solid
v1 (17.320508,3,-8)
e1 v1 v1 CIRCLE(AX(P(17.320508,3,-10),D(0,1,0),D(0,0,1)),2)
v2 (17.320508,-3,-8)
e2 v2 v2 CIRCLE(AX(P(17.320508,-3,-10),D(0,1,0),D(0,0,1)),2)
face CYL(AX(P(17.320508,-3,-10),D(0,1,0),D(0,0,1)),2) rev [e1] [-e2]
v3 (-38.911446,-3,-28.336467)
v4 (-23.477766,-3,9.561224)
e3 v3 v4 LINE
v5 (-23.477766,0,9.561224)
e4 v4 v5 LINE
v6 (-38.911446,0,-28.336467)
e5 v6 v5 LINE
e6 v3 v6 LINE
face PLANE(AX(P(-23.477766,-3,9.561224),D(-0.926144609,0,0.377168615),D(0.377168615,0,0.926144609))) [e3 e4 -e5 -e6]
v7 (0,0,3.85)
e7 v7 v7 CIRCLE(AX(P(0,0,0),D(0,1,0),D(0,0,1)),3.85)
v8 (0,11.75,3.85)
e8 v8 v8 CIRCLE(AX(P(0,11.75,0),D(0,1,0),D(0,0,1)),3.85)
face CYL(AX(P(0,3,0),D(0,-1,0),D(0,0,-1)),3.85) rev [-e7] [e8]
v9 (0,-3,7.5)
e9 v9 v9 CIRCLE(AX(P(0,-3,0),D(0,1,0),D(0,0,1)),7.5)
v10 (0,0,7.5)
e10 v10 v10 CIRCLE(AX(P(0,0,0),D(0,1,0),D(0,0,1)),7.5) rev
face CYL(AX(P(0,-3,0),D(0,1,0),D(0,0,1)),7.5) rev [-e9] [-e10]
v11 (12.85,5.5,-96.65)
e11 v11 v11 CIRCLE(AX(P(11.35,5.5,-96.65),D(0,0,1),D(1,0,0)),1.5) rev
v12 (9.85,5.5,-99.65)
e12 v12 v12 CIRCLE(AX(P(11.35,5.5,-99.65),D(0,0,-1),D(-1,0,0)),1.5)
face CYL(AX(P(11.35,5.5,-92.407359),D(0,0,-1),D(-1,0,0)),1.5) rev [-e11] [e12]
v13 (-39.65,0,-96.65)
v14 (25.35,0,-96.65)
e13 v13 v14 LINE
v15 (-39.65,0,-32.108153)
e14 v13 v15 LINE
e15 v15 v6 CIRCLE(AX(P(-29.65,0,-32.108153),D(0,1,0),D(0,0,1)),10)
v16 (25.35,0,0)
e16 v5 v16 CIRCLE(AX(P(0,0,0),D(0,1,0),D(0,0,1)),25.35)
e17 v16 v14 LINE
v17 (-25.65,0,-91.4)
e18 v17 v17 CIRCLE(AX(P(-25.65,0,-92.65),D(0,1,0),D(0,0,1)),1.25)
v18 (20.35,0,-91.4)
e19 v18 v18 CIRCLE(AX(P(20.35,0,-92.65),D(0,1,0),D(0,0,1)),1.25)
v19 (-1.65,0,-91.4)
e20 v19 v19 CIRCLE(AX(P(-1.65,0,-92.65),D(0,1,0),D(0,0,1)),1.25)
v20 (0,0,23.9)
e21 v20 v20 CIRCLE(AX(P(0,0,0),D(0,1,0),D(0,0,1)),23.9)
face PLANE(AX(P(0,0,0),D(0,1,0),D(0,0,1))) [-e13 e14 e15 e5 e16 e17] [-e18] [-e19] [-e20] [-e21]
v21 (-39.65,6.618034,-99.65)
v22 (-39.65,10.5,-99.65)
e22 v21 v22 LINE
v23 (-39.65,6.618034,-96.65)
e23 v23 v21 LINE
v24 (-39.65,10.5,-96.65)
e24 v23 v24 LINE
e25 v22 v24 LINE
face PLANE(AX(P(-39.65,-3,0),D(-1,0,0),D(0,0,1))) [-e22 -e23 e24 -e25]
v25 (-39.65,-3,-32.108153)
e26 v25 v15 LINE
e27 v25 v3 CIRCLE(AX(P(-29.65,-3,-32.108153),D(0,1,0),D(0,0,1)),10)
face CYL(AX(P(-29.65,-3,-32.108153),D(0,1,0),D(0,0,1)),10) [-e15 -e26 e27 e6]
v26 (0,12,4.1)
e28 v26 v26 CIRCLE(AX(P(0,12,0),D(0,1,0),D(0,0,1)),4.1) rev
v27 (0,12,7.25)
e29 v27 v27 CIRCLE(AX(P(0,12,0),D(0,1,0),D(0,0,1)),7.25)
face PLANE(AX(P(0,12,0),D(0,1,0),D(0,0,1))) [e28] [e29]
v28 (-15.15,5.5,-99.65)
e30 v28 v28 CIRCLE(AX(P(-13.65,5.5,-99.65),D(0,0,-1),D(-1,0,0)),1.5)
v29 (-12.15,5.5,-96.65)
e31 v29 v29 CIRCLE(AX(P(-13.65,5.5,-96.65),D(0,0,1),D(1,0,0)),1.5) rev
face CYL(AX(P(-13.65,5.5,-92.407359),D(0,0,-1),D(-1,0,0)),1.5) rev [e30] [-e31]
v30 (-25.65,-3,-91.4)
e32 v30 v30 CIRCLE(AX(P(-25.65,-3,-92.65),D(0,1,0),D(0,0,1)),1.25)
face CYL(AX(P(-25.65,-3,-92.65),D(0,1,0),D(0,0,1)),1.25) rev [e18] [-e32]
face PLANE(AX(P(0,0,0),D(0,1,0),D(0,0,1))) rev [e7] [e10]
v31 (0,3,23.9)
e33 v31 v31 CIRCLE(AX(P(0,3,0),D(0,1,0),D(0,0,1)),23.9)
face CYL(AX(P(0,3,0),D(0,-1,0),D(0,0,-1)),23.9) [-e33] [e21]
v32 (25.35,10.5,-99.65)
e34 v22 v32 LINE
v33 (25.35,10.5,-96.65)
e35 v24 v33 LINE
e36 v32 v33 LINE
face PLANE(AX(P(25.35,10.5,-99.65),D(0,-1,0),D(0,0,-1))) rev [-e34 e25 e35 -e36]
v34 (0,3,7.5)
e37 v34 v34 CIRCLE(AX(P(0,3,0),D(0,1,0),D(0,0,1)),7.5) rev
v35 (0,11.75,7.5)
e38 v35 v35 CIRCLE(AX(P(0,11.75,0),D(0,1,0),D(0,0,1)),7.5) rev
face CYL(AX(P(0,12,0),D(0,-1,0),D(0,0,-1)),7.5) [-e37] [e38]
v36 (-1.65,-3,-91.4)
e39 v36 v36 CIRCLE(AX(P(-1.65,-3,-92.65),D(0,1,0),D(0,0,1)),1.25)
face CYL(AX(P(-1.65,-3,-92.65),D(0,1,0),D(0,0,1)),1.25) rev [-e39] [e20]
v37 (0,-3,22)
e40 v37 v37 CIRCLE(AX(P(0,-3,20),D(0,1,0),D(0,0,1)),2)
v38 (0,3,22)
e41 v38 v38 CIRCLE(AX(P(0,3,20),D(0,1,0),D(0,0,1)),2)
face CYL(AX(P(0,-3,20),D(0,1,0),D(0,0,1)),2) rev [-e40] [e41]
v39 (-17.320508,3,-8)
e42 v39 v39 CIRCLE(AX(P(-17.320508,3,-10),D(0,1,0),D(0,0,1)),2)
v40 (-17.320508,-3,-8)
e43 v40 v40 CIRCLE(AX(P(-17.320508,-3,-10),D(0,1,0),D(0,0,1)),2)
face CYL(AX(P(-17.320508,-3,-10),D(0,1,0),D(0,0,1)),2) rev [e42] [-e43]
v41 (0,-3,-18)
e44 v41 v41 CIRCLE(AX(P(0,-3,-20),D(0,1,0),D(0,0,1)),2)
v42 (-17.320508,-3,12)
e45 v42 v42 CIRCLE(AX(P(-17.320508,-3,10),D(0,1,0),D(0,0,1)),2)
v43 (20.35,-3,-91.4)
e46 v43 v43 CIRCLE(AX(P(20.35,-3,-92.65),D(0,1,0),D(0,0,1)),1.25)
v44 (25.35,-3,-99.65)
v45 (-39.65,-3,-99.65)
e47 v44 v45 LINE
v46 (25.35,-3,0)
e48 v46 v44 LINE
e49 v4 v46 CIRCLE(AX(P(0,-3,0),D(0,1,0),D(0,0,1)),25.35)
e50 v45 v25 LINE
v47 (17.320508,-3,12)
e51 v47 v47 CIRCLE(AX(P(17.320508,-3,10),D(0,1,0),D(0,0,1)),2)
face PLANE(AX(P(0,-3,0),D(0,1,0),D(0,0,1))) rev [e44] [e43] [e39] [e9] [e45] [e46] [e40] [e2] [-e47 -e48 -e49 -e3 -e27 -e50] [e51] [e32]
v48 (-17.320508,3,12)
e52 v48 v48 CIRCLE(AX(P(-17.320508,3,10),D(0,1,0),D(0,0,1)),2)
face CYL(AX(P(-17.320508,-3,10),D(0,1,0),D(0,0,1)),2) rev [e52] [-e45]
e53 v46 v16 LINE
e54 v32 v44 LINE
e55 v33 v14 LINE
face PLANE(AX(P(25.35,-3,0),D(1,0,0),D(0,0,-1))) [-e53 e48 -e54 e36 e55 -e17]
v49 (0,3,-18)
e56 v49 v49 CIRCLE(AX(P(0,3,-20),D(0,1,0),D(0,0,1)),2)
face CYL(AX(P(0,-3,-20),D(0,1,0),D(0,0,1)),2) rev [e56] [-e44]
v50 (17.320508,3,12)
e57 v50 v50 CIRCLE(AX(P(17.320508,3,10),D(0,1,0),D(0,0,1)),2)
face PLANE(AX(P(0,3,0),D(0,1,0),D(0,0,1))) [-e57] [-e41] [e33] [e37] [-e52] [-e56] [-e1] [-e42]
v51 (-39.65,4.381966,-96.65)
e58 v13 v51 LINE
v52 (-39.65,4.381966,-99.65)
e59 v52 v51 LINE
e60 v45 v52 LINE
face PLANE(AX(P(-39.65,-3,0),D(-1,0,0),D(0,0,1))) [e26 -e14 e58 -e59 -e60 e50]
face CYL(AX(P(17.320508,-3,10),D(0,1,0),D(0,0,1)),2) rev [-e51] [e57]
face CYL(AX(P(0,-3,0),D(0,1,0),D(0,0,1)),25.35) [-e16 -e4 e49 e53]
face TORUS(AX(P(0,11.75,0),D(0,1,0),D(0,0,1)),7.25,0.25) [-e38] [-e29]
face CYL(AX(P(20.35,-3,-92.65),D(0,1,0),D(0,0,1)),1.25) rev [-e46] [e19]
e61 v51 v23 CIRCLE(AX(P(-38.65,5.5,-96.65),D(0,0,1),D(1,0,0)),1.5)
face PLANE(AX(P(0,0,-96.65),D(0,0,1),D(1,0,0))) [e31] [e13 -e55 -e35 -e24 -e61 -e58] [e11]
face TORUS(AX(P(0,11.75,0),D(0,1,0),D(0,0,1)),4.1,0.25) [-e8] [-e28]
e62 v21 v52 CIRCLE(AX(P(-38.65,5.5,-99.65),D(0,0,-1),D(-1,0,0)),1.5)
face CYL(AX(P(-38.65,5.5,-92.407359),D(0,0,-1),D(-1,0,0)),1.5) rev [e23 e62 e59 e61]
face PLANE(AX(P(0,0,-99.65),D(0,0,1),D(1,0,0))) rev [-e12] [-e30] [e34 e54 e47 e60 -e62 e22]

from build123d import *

# Parameters (mm, degrees)
ESBO_O1_R                = 7.5
ESBO_O1_R_2              = 2
ESBO_O1_R_3              = 1.25
RESSALTO_EXTRUS_O1_DEPTH = 3
RESSALTO_EXTRUS_O2_START = 3
ESBO_O1_3_R              = 23.9
ESBO_O1_3_R_2            = 2
ESBO_O1_3_R_3            = 3.85
RESSALTO_EXTRUS_O2_DEPTH = 3
RESSALTO_EXTRUS_O3_START = 12
ESBO_O1_4_R              = 7.5
ESBO_O1_4_R_2            = 3.85
RESSALTO_EXTRUS_O3_DEPTH = 12
FILETE1_R                = 0.25
ESBO_O2_W                = 65
ESBO_O2_H                = 13.5
RESSALTO_EXTRUS_O4_DEPTH = 3
ESBO_O4_R                = 1.5
CORTE_EXTRUS_O1_DEPTH    = 3


with BuildPart() as part:
    # Esboço1 → Ressalto-extrusão1 (new body)
    with BuildSketch(Plane(origin=(0, 0, 0), x_dir=(1, 0, 0), z_dir=(0, 1, 0))):
        with BuildLine():
            Line((-39.65, 96.65), (25.35, 96.65))
            Line((25.35, 96.65), (25.35, 0))
            ThreePointArc((25.35, 0), (4.871403095, -24.877538702), (-23.477765829, -9.561224382))
            Line((-23.477765829, -9.561224382), (-38.911446086, 28.336467011))
            ThreePointArc((-38.911446086, 28.336467011), (-39.463624735, 30.186495131), (-39.65, 32.108153157))
            Line((-39.65, 32.108153157), (-39.65, 96.65))
        make_face()
        with Locations(Location((0, 0, 0), (0, 0, 270))):
            Circle(ESBO_O1_R, mode=Mode.SUBTRACT)
        with Locations(Location((0, 20, 0), (0, 0, 270))):
            Circle(ESBO_O1_R_2, mode=Mode.SUBTRACT)
        with Locations(Location((17.320508076, 10, 0), (0, 0, 270))):
            Circle(ESBO_O1_R_2, mode=Mode.SUBTRACT)
        with Locations(Location((17.320508076, -10, 0), (0, 0, 270))):
            Circle(ESBO_O1_R_2, mode=Mode.SUBTRACT)
        with Locations(Location((0, -20, 0), (0, 0, 270))):
            Circle(ESBO_O1_R_2, mode=Mode.SUBTRACT)
        with Locations(Location((-17.320508076, -10, 0), (0, 0, 270))):
            Circle(ESBO_O1_R_2, mode=Mode.SUBTRACT)
        with Locations(Location((-17.320508076, 10, 0), (0, 0, 270))):
            Circle(ESBO_O1_R_2, mode=Mode.SUBTRACT)
        with Locations(Location((20.35, 92.65, 0), (0, 0, 270))):
            Circle(ESBO_O1_R_3, mode=Mode.SUBTRACT)
        with Locations(Location((-1.65, 92.65, 0), (0, 0, 270))):
            Circle(ESBO_O1_R_3, mode=Mode.SUBTRACT)
        with Locations(Location((-25.65, 92.65, 0), (0, 0, 270))):
            Circle(ESBO_O1_R_3, mode=Mode.SUBTRACT)
    extrude(amount=-RESSALTO_EXTRUS_O1_DEPTH)

    # Esboço1<3> → Ressalto-extrusão2 (add)
    with BuildSketch(Plane(origin=(0, 0, 0), x_dir=(1, 0, 0), z_dir=(0, 1, 0)).offset(RESSALTO_EXTRUS_O2_START)):
        with Locations(Location((0, 0, 0), (0, 0, 270))):
            Circle(ESBO_O1_3_R)
        with Locations(Location((-17.320508076, -10, 0), (0, 0, 270))):
            Circle(ESBO_O1_3_R_2, mode=Mode.SUBTRACT)
        with Locations(Location((-17.320508076, 10, 0), (0, 0, 270))):
            Circle(ESBO_O1_3_R_2, mode=Mode.SUBTRACT)
        with Locations(Location((0, -20, 0), (0, 0, 270))):
            Circle(ESBO_O1_3_R_2, mode=Mode.SUBTRACT)
        with Locations(Location((17.320508076, -10, 0), (0, 0, 270))):
            Circle(ESBO_O1_3_R_2, mode=Mode.SUBTRACT)
        with Locations(Location((0, 20, 0), (0, 0, 270))):
            Circle(ESBO_O1_3_R_2, mode=Mode.SUBTRACT)
        with Locations(Location((17.320508076, 10, 0), (0, 0, 270))):
            Circle(ESBO_O1_3_R_2, mode=Mode.SUBTRACT)
        with Locations(Location((0, 0, 0), (0, 0, 270))):
            Circle(ESBO_O1_3_R_3, mode=Mode.SUBTRACT)
    extrude(amount=-RESSALTO_EXTRUS_O2_DEPTH)

    # Esboço1<4> → Ressalto-extrusão3 (add)
    with BuildSketch(Plane(origin=(0, 0, 0), x_dir=(1, 0, 0), z_dir=(0, 1, 0)).offset(RESSALTO_EXTRUS_O3_START)):
        with Locations(Location((0, 0, 0), (0, 0, 270))):
            Circle(ESBO_O1_4_R)
        with Locations(Location((0, 0, 0), (0, 0, 270))):
            Circle(ESBO_O1_4_R_2, mode=Mode.SUBTRACT)
    extrude(amount=-RESSALTO_EXTRUS_O3_DEPTH)

    # Filete1
    filete1_edges = [part.edges().sort_by_distance(p)[0] for p in [
        (0, 12, -3.85),
        (0, 12, -7.5),
    ]]
    fillet(filete1_edges, radius=FILETE1_R)

    # Esboço2 → Ressalto-extrusão4 (add)
    with BuildSketch(Plane(origin=(0, 0, -96.65), x_dir=(-1, 0, 0), z_dir=(0, 0, -1))):
        with Locations((7.15, 3.75)):
            Rectangle(ESBO_O2_W, ESBO_O2_H)
    extrude(amount=RESSALTO_EXTRUS_O4_DEPTH)

    # Esboço4 → Corte-extrusão1 (cut)
    with BuildSketch(Plane(origin=(0, 0, -99.65), x_dir=(-1, 0, 0), z_dir=(0, 0, -1))):
        with Locations((-11.35, 5.5)):
            Circle(ESBO_O4_R)
        with Locations((13.65, 5.5)):
            Circle(ESBO_O4_R)
        with Locations((38.65, 5.5)):
            Circle(ESBO_O4_R)
    extrude(amount=-CORTE_EXTRUS_O1_DEPTH, mode=Mode.SUBTRACT)


solid = part.part
